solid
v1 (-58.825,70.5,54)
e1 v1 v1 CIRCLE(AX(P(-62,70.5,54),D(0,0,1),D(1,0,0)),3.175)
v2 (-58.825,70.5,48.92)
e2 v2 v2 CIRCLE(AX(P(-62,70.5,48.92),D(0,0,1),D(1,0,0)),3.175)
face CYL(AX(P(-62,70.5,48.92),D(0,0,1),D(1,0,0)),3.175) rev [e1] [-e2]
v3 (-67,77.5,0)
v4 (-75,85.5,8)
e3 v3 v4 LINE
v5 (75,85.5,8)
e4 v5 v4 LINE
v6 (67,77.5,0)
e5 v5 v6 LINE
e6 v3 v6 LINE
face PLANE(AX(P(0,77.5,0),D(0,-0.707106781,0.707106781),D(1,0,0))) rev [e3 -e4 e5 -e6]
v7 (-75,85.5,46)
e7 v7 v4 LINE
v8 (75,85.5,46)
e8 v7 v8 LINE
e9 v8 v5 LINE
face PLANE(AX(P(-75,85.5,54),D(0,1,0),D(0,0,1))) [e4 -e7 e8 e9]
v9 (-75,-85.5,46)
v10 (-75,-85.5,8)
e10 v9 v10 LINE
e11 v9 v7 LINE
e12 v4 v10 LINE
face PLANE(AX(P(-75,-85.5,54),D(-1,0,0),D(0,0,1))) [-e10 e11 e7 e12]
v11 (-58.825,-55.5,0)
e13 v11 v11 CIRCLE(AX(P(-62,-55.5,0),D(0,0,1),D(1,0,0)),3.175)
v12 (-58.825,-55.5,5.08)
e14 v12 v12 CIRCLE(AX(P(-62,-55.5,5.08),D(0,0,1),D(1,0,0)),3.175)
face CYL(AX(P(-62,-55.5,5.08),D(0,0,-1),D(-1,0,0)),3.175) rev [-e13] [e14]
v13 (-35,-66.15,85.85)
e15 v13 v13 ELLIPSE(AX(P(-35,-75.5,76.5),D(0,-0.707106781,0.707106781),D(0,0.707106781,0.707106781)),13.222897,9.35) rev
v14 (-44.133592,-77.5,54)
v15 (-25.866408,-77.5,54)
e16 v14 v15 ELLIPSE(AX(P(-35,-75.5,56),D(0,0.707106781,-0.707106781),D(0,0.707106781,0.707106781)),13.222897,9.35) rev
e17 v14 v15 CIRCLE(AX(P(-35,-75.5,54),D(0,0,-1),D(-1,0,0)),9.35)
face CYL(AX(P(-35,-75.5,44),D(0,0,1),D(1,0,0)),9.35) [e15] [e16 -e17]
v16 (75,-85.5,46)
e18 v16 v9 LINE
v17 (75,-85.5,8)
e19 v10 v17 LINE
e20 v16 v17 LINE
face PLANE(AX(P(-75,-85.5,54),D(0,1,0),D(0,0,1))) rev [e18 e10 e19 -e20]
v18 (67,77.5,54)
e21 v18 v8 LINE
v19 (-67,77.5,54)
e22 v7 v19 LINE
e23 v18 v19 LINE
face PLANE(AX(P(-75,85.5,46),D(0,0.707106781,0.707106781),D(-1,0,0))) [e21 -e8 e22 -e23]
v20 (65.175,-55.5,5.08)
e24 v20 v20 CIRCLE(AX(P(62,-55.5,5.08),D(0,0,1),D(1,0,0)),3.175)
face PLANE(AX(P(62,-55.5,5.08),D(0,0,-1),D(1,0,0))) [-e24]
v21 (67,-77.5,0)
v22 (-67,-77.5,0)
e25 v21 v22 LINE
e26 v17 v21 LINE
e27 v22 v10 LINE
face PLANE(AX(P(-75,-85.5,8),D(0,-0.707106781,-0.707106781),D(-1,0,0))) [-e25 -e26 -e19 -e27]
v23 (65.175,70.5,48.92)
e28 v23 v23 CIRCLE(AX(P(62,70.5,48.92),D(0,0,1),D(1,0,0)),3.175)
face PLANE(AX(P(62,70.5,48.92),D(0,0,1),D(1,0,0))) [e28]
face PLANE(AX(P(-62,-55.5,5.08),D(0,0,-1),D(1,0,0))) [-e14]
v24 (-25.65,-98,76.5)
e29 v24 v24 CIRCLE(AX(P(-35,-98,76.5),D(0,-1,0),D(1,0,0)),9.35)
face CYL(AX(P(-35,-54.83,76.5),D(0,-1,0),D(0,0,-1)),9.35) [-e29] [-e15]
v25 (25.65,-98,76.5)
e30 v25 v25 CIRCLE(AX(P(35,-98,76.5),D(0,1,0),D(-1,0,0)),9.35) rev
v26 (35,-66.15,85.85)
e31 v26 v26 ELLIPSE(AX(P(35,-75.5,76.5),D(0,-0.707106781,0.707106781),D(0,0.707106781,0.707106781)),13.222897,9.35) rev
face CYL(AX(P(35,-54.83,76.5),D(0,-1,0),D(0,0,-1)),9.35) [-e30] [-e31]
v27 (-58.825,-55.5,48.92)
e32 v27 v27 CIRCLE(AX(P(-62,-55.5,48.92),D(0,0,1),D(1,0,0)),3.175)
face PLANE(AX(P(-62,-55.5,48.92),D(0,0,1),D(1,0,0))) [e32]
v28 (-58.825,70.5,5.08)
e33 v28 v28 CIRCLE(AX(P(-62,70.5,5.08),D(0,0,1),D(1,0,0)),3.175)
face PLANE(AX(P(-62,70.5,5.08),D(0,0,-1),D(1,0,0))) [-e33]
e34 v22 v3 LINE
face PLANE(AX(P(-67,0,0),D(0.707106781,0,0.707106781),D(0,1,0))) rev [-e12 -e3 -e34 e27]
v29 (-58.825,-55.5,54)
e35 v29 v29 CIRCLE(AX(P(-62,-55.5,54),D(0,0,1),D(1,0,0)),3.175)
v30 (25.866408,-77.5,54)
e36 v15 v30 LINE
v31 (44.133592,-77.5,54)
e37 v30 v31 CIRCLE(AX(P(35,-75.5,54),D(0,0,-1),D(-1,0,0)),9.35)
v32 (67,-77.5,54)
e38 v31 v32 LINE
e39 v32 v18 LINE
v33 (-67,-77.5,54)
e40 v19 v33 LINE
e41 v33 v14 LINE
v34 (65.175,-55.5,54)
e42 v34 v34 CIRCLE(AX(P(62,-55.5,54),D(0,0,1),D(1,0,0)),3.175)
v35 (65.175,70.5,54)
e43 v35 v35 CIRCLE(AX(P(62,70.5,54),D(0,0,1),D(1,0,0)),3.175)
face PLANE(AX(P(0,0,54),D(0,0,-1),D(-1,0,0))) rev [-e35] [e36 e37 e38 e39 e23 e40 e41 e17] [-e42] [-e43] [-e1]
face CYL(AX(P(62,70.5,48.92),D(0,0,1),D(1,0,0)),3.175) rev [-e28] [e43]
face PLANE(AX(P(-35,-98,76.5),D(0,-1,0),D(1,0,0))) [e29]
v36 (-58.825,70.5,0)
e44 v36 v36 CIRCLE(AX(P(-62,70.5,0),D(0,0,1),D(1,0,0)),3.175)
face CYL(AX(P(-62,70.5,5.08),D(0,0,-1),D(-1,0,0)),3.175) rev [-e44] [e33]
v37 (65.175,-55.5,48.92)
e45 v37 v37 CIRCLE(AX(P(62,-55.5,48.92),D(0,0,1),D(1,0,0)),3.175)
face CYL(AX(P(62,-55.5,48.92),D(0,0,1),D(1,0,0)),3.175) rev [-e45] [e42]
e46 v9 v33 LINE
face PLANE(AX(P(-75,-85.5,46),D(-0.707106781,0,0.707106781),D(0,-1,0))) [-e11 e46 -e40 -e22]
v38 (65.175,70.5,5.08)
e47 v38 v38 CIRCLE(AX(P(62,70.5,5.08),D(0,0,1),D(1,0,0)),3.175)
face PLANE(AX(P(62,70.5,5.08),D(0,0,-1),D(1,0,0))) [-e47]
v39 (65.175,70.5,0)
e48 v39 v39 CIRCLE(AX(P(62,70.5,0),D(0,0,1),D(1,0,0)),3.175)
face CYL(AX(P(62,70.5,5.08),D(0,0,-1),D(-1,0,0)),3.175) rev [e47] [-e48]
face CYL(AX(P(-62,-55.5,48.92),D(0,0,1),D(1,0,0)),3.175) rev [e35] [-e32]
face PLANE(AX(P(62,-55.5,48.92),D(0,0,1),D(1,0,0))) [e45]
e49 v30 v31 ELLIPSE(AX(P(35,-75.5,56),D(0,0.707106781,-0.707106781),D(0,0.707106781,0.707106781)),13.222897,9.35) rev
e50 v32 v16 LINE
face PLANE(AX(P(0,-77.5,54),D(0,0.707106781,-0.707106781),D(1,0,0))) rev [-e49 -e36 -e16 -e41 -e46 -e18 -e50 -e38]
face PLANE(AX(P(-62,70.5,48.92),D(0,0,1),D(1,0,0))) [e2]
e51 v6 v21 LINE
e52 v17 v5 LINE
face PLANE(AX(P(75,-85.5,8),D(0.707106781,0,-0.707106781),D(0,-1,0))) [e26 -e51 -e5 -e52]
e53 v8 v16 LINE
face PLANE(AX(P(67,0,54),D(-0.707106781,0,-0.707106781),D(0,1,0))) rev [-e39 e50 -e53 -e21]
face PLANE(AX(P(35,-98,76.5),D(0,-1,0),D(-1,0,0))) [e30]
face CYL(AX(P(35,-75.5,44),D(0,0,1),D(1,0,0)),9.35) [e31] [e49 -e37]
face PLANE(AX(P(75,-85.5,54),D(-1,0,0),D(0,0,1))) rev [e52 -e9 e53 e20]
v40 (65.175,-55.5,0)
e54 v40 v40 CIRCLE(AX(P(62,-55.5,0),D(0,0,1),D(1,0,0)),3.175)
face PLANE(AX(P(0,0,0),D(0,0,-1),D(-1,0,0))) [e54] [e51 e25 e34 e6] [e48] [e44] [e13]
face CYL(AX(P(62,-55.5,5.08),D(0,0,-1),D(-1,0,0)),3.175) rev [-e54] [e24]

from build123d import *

# Parameters (mm, degrees)
SKETCH1_W           = 150
SKETCH1_H           = 171
BOSS_EXTRUDE1_DEPTH = 54
SKETCH2_R           = 3.175
CUT_EXTRUDE1_DEPTH  = 5.08
CHAMFER1_SIZE       = 8
SKETCH5_R           = 9.35


with BuildPart() as part:
    # Sketch1 → Boss-Extrude1 (new body)
    with BuildSketch(Plane.XY):
        Rectangle(SKETCH1_W, SKETCH1_H)
    extrude(amount=BOSS_EXTRUDE1_DEPTH)

    # Sketch2 → Cut-Extrude1 (cut)
    with BuildSketch(Plane.XY.offset(54)):
        with Locations((-62, 70.5)):
            Circle(SKETCH2_R)
        with Locations((62, 70.5)):
            Circle(SKETCH2_R)
        with Locations((62, -55.5)):
            Circle(SKETCH2_R)
        with Locations((-62, -55.5)):
            Circle(SKETCH2_R)
    cut_extrude1 = extrude(amount=-CUT_EXTRUDE1_DEPTH, mode=Mode.SUBTRACT)

    # Mirror1: Cut-Extrude1 across plane
    add(cut_extrude1.mirror(Plane.XY.offset(27)), mode=Mode.SUBTRACT)

    # Chamfer1
    chamfer1_edges = [part.edges().sort_by_distance(p)[0] for p in [
        (75, 0, 54),
        (0, -85.5, 54),
        (-75, 0, 54),
        (0, -85.5, 0),
        (75, 0, 0),
        (0, 85.5, 0),
        (-75, 0, 0),
        (0, 85.5, 54),
    ]]
    chamfer(chamfer1_edges, length=CHAMFER1_SIZE)

    # Sweep1: sweep along a path in Sketch6
    with BuildLine(Plane.ZY.offset(35)) as sweep1_path:
        Line((76.5, -98), (76.5, -75.5))
        Line((76.5, -75.5), (54, -75.5))
        Line((54, -75.5), (44, -75.5))
    # Sketch5 → Sweep1 (sweep)
    with BuildSketch(Plane.XY.offset(54)):
        with Locations((-35, -75.5)):
            Circle(SKETCH5_R)
    sweep1 = sweep(path=sweep1_path.line, transition=Transition.RIGHT)

    # Mirror2: Sweep1 across plane
    add(sweep1.mirror(Plane.ZY))


solid = part.part
